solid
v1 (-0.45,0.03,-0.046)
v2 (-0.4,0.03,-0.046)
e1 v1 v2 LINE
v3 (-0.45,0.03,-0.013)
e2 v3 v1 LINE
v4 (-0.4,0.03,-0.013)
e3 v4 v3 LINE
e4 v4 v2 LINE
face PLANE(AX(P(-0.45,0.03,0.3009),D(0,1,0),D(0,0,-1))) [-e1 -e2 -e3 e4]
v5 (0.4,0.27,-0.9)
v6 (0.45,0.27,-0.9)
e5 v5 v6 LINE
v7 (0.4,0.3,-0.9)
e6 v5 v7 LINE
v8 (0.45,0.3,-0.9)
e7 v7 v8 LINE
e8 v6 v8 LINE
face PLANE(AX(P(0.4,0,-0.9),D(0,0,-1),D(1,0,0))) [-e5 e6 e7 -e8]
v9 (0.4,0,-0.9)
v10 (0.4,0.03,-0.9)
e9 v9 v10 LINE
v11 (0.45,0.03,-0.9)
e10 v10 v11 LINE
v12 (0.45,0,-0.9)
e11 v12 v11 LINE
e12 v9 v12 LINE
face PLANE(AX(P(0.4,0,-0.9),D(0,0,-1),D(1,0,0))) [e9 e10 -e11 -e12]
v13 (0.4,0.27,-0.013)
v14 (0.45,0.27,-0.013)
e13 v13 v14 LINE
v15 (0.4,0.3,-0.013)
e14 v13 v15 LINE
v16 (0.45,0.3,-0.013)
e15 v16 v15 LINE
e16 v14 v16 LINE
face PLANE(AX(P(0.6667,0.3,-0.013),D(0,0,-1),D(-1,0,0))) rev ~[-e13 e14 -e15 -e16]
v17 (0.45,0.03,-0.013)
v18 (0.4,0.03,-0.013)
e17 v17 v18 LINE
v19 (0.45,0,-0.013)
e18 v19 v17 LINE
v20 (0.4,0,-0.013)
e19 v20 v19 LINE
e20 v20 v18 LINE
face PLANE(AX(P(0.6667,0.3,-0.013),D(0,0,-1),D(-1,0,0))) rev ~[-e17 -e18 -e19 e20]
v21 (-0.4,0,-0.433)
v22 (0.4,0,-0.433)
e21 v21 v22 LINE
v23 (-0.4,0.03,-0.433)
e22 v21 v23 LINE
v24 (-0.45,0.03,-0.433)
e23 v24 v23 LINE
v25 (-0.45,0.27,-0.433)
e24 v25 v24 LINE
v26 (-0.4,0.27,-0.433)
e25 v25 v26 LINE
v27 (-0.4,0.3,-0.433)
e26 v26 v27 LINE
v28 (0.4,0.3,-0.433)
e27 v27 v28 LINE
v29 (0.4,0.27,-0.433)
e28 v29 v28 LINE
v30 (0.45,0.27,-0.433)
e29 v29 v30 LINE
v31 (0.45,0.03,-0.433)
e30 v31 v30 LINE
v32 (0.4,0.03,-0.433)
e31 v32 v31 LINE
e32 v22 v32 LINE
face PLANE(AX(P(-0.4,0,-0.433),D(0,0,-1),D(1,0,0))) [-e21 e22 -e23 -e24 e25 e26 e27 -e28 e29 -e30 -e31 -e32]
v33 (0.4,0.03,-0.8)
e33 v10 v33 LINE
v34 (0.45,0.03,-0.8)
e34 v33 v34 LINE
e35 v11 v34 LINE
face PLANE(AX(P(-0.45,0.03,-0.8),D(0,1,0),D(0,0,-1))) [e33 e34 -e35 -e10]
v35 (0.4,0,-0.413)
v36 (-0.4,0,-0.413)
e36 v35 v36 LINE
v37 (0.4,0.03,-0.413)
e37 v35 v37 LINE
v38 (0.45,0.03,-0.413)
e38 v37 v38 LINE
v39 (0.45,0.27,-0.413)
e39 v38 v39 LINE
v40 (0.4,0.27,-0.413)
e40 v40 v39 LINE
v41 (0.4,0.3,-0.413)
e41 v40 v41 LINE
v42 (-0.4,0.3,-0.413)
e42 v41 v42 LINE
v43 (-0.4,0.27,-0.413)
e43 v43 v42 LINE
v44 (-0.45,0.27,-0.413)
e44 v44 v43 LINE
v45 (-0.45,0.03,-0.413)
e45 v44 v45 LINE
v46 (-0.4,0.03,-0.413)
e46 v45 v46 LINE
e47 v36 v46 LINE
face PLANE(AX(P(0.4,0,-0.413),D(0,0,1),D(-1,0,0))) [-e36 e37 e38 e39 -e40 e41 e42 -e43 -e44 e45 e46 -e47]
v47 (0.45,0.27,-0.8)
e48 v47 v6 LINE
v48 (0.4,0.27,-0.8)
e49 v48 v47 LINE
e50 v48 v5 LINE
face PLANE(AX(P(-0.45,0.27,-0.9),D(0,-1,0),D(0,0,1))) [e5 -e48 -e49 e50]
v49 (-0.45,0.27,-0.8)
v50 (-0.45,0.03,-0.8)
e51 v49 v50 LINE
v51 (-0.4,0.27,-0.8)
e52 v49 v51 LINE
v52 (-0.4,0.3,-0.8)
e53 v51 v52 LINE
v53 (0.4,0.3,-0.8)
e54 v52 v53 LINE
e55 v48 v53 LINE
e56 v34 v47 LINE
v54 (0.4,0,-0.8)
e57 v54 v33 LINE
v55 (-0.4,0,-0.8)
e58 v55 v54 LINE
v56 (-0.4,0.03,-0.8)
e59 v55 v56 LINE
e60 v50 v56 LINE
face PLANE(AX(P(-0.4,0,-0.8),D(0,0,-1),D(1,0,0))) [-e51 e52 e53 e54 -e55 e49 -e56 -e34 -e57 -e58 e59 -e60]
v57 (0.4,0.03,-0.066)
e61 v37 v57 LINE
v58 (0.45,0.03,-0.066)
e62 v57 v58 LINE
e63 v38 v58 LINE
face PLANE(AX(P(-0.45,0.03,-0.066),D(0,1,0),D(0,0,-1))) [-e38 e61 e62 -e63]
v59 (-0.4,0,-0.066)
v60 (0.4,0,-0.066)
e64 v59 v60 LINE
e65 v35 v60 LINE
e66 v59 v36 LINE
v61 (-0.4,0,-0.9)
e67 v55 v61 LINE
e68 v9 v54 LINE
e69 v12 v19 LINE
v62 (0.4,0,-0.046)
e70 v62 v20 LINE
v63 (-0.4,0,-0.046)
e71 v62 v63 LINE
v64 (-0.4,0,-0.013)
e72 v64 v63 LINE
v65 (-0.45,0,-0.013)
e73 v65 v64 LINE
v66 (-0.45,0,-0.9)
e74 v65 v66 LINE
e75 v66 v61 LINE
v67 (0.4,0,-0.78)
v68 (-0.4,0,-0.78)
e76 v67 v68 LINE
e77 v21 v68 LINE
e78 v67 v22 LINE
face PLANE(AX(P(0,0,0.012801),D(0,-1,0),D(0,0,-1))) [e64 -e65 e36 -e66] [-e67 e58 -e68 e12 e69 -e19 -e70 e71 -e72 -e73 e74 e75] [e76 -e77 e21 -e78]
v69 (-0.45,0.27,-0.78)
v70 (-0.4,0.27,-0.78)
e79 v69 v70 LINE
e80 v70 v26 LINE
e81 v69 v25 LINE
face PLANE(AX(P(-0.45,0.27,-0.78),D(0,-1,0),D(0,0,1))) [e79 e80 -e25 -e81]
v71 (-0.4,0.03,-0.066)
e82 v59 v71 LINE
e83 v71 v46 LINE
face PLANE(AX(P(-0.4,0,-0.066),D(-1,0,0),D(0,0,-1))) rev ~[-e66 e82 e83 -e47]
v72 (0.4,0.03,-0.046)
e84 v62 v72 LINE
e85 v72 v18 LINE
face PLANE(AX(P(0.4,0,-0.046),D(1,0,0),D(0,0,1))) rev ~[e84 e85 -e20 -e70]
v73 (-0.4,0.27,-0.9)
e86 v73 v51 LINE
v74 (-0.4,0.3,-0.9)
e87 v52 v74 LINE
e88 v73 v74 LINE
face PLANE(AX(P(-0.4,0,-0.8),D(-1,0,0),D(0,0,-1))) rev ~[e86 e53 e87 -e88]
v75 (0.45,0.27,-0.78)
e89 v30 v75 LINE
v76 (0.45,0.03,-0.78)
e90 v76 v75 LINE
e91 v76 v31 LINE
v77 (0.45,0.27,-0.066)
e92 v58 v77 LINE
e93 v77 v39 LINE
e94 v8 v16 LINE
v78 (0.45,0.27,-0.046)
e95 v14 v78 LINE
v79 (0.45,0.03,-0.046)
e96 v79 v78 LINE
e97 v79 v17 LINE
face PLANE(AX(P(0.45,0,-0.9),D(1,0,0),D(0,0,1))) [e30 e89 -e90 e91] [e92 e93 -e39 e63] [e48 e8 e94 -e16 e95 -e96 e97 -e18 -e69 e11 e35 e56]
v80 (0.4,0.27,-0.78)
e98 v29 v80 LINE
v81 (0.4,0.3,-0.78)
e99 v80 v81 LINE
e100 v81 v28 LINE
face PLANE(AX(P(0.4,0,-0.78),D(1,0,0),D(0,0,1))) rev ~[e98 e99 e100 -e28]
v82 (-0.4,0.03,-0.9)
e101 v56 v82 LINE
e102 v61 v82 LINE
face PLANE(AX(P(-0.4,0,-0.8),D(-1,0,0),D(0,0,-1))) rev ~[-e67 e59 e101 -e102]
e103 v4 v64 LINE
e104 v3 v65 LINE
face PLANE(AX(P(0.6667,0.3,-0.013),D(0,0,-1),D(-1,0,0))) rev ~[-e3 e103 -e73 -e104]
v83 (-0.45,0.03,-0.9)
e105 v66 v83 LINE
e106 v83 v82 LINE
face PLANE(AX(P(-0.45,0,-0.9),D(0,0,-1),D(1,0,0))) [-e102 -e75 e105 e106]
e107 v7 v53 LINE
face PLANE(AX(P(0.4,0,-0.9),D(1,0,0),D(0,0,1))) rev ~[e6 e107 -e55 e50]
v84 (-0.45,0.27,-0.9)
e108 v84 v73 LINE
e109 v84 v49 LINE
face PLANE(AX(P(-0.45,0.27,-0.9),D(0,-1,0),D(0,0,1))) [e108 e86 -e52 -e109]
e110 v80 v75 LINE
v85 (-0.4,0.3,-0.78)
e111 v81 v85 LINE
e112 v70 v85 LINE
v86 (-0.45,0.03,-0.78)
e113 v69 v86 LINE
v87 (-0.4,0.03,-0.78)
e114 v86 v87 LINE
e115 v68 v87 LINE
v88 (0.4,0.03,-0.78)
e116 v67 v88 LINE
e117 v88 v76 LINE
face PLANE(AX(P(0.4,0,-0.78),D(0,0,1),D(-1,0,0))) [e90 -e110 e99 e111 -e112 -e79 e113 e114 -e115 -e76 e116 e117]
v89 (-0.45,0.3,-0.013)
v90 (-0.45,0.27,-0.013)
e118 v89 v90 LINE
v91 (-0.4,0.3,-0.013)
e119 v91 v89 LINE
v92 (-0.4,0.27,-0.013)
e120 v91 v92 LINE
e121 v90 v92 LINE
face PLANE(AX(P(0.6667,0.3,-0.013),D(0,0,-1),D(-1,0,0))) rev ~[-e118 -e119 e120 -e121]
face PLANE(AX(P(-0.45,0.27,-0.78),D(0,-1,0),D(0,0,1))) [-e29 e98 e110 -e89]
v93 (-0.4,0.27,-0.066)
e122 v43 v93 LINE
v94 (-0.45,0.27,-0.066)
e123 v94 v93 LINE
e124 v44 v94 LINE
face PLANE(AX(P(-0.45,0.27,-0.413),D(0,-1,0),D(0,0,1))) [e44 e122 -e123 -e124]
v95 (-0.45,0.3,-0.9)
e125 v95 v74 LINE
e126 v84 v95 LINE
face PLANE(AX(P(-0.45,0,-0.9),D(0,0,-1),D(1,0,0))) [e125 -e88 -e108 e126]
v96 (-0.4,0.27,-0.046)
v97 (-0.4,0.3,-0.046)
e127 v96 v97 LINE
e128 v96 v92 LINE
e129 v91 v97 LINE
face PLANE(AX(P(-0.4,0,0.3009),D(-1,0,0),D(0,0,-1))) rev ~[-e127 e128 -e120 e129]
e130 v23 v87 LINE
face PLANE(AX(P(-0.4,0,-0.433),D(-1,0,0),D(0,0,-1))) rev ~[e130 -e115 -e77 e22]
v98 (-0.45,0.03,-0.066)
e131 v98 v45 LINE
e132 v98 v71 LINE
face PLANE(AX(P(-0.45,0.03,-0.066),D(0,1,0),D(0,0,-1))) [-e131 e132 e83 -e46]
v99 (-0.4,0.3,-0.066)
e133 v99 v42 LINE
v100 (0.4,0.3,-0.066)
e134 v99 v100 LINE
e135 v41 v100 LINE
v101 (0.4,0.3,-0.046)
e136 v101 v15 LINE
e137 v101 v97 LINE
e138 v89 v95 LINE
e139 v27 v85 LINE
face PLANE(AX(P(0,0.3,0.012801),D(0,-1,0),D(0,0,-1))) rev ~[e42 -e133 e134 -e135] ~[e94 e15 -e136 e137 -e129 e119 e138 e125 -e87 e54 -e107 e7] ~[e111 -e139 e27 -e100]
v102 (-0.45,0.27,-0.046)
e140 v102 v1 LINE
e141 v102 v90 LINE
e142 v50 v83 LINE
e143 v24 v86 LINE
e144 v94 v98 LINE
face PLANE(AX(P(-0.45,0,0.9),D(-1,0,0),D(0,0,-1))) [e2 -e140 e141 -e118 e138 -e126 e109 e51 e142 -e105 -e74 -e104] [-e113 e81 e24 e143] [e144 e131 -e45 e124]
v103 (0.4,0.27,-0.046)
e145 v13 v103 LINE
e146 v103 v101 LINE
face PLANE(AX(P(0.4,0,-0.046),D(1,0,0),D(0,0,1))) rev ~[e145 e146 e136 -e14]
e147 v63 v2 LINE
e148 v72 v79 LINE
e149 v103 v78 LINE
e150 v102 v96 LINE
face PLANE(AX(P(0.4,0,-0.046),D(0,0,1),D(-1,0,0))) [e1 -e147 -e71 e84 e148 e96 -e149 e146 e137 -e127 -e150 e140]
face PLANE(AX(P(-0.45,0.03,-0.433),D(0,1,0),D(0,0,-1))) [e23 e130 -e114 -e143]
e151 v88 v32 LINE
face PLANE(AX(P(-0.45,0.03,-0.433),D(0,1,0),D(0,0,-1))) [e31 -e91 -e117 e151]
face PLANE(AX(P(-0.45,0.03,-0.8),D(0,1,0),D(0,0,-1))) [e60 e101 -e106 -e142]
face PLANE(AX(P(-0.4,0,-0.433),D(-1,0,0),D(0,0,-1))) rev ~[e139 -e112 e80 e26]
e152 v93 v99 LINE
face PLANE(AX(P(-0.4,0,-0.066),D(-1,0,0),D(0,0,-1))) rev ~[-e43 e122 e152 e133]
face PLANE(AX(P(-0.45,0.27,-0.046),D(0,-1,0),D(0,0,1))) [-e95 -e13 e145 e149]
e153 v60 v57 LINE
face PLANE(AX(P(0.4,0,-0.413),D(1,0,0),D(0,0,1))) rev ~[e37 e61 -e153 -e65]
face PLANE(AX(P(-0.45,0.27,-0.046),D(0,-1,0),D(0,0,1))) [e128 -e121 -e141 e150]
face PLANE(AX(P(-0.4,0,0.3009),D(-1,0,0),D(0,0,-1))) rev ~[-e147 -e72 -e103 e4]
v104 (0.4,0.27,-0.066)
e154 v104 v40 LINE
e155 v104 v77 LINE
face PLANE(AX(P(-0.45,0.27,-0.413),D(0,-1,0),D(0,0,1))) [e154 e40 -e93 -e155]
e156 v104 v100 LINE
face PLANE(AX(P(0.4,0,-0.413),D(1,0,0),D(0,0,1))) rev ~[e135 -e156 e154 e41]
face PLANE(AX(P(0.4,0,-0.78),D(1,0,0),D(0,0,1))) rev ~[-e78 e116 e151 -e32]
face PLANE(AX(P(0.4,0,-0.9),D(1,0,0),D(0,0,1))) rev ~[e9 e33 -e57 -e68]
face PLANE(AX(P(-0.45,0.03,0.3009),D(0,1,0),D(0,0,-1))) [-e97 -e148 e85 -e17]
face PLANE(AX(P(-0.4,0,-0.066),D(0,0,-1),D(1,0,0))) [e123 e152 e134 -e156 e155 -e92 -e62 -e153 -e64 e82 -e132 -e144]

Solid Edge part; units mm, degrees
sketch "Sketch1" plane through (0, 0, 0) normal (0, -1, 0) x (1, 0, 0)
  line L0 (-0.4, 0.6679) -> (0.4, 0.6679)
  line L1 (0.4, 0.3209) -> (0.4, 0.6679)
  line L2 (0.4, 0.3209) -> (-0.4, 0.3209)
  line L3 (-0.4, 0.6679) -> (-0.4, 0.3209)
  line L4 (-0.4, 0.3009) -> (0.4, 0.3009)
  line L5 (0.4, -0.046) -> (0.4, 0.3009)
  line L6 (0.4, -0.046) -> (-0.4, -0.046)
  line L7 (-0.4, 0.3009) -> (-0.4, -0.046)
  line L8 (-0.4, -0.066) -> (0.4, -0.066)
  line L9 (0.4, -0.413) -> (0.4, -0.066)
  line L10 (0.4, -0.413) -> (-0.4, -0.413)
  line L11 (-0.4, -0.066) -> (-0.4, -0.413)
  line L12 (-0.4, -0.433) -> (0.4, -0.433)
  line L13 (0.4, -0.78) -> (0.4, -0.433)
  line L14 (0.4, -0.78) -> (-0.4, -0.78)
  line L15 (-0.4, -0.433) -> (-0.4, -0.78)
  line L16 (0.4, -0.9) -> (0.45, -0.9)
  line L17 (0.45, -0.9) -> (0.45, 0.9)
  line L18 (0.45, 0.9) -> (0.4, 0.9)
  line L19 (0.4, 0.6879) -> (0.4, 0.9)
  line L20 (0.4, 0.6879) -> (-0.4, 0.6879)
  line L21 (-0.4, 0.9) -> (-0.4, 0.6879)
  line L22 (-0.4, 0.9) -> (-0.45, 0.9)
  line L23 (-0.45, 0.9) -> (-0.45, -0.9)
  line L24 (-0.45, -0.9) -> (-0.4, -0.9)
  line L25 (-0.4, -0.8) -> (-0.4, -0.9)
  line L26 (-0.4, -0.8) -> (0.4, -0.8)
  line L27 (0.4, -0.9) -> (0.4, -0.8)
  dimension "D1" = 0.05
  dimension "D2" = 1.8
  dimension "D3" = 0.9
  dimension "D4" = 0.02
  dimension "D5" = 0.347
  dimension "D6" = 0.1
extrude "Protrusion1" add sketch "Sketch1" against normal blind 0.3
sketch "Sketch2" plane through (-0.45, 0.15, 0) normal (-1, 0, 0) x (0, 0, -1)
  line L0 (-0.6679, -0.12) -> (-0.6679, 0.12)
  line L1 (-0.6679, 0.12) -> (-0.3209, 0.12)
  line L2 (-0.3209, -0.12) -> (-0.3209, 0.12)
  line L3 (-0.3209, -0.12) -> (-0.6679, -0.12)
  line L4 (-0.3009, -0.12) -> (-0.3009, 0.12)
  line L5 (-0.3009, 0.12) -> (0.046, 0.12)
  line L6 (0.046, -0.12) -> (0.046, 0.12)
  line L7 (0.046, -0.12) -> (-0.3009, -0.12)
  line L8 (0.066, -0.12) -> (0.066, 0.12)
  line L9 (0.066, 0.12) -> (0.413, 0.12)
  line L10 (0.413, -0.12) -> (0.413, 0.12)
  line L11 (0.413, -0.12) -> (0.066, -0.12)
  line L12 (0.433, -0.12) -> (0.433, 0.12)
  line L13 (0.433, 0.12) -> (0.78, 0.12)
  line L14 (0.78, -0.12) -> (0.78, 0.12)
  line L15 (0.78, -0.12) -> (0.433, -0.12)
  line L16 (0.8, -0.12) -> (0.8, 0.12)
  line L17 (0.8, 0.12) -> (0.9, 0.12)
  line L18 (0.9, -0.12) -> (0.9, 0.12)
  line L19 (0.9, -0.12) -> (0.8, -0.12)
  line L20 (-0.6879, -0.12) -> (-0.6879, 0.12)
  line L21 (-0.9, 0.12) -> (-0.6879, 0.12)
  line L22 (-0.9, -0.12) -> (-0.9, 0.12)
  line L23 (-0.6879, -0.12) -> (-0.9, -0.12)
  dimension "D1" = 0.03
extrude "Cutout1" cut sketch "Sketch2" against normal through all
sketch "Sketch3" plane through (0, 0.3, 0) normal (0, 1, 0) x (-1, 0, 0)
  line L0 (-0.6667, -0.013) -> (0.6786, -0.013)
  line L1 (0.6786, -0.013) -> (0.6786, 1)
  line L2 (0.6786, 1) -> (-0.6667, 1)
  line L3 (-0.6667, 1) -> (-0.6667, -0.013)
  dimension "D1" = 0.033
extrude "Cutout2" cut sketch "Sketch3" against normal through all
